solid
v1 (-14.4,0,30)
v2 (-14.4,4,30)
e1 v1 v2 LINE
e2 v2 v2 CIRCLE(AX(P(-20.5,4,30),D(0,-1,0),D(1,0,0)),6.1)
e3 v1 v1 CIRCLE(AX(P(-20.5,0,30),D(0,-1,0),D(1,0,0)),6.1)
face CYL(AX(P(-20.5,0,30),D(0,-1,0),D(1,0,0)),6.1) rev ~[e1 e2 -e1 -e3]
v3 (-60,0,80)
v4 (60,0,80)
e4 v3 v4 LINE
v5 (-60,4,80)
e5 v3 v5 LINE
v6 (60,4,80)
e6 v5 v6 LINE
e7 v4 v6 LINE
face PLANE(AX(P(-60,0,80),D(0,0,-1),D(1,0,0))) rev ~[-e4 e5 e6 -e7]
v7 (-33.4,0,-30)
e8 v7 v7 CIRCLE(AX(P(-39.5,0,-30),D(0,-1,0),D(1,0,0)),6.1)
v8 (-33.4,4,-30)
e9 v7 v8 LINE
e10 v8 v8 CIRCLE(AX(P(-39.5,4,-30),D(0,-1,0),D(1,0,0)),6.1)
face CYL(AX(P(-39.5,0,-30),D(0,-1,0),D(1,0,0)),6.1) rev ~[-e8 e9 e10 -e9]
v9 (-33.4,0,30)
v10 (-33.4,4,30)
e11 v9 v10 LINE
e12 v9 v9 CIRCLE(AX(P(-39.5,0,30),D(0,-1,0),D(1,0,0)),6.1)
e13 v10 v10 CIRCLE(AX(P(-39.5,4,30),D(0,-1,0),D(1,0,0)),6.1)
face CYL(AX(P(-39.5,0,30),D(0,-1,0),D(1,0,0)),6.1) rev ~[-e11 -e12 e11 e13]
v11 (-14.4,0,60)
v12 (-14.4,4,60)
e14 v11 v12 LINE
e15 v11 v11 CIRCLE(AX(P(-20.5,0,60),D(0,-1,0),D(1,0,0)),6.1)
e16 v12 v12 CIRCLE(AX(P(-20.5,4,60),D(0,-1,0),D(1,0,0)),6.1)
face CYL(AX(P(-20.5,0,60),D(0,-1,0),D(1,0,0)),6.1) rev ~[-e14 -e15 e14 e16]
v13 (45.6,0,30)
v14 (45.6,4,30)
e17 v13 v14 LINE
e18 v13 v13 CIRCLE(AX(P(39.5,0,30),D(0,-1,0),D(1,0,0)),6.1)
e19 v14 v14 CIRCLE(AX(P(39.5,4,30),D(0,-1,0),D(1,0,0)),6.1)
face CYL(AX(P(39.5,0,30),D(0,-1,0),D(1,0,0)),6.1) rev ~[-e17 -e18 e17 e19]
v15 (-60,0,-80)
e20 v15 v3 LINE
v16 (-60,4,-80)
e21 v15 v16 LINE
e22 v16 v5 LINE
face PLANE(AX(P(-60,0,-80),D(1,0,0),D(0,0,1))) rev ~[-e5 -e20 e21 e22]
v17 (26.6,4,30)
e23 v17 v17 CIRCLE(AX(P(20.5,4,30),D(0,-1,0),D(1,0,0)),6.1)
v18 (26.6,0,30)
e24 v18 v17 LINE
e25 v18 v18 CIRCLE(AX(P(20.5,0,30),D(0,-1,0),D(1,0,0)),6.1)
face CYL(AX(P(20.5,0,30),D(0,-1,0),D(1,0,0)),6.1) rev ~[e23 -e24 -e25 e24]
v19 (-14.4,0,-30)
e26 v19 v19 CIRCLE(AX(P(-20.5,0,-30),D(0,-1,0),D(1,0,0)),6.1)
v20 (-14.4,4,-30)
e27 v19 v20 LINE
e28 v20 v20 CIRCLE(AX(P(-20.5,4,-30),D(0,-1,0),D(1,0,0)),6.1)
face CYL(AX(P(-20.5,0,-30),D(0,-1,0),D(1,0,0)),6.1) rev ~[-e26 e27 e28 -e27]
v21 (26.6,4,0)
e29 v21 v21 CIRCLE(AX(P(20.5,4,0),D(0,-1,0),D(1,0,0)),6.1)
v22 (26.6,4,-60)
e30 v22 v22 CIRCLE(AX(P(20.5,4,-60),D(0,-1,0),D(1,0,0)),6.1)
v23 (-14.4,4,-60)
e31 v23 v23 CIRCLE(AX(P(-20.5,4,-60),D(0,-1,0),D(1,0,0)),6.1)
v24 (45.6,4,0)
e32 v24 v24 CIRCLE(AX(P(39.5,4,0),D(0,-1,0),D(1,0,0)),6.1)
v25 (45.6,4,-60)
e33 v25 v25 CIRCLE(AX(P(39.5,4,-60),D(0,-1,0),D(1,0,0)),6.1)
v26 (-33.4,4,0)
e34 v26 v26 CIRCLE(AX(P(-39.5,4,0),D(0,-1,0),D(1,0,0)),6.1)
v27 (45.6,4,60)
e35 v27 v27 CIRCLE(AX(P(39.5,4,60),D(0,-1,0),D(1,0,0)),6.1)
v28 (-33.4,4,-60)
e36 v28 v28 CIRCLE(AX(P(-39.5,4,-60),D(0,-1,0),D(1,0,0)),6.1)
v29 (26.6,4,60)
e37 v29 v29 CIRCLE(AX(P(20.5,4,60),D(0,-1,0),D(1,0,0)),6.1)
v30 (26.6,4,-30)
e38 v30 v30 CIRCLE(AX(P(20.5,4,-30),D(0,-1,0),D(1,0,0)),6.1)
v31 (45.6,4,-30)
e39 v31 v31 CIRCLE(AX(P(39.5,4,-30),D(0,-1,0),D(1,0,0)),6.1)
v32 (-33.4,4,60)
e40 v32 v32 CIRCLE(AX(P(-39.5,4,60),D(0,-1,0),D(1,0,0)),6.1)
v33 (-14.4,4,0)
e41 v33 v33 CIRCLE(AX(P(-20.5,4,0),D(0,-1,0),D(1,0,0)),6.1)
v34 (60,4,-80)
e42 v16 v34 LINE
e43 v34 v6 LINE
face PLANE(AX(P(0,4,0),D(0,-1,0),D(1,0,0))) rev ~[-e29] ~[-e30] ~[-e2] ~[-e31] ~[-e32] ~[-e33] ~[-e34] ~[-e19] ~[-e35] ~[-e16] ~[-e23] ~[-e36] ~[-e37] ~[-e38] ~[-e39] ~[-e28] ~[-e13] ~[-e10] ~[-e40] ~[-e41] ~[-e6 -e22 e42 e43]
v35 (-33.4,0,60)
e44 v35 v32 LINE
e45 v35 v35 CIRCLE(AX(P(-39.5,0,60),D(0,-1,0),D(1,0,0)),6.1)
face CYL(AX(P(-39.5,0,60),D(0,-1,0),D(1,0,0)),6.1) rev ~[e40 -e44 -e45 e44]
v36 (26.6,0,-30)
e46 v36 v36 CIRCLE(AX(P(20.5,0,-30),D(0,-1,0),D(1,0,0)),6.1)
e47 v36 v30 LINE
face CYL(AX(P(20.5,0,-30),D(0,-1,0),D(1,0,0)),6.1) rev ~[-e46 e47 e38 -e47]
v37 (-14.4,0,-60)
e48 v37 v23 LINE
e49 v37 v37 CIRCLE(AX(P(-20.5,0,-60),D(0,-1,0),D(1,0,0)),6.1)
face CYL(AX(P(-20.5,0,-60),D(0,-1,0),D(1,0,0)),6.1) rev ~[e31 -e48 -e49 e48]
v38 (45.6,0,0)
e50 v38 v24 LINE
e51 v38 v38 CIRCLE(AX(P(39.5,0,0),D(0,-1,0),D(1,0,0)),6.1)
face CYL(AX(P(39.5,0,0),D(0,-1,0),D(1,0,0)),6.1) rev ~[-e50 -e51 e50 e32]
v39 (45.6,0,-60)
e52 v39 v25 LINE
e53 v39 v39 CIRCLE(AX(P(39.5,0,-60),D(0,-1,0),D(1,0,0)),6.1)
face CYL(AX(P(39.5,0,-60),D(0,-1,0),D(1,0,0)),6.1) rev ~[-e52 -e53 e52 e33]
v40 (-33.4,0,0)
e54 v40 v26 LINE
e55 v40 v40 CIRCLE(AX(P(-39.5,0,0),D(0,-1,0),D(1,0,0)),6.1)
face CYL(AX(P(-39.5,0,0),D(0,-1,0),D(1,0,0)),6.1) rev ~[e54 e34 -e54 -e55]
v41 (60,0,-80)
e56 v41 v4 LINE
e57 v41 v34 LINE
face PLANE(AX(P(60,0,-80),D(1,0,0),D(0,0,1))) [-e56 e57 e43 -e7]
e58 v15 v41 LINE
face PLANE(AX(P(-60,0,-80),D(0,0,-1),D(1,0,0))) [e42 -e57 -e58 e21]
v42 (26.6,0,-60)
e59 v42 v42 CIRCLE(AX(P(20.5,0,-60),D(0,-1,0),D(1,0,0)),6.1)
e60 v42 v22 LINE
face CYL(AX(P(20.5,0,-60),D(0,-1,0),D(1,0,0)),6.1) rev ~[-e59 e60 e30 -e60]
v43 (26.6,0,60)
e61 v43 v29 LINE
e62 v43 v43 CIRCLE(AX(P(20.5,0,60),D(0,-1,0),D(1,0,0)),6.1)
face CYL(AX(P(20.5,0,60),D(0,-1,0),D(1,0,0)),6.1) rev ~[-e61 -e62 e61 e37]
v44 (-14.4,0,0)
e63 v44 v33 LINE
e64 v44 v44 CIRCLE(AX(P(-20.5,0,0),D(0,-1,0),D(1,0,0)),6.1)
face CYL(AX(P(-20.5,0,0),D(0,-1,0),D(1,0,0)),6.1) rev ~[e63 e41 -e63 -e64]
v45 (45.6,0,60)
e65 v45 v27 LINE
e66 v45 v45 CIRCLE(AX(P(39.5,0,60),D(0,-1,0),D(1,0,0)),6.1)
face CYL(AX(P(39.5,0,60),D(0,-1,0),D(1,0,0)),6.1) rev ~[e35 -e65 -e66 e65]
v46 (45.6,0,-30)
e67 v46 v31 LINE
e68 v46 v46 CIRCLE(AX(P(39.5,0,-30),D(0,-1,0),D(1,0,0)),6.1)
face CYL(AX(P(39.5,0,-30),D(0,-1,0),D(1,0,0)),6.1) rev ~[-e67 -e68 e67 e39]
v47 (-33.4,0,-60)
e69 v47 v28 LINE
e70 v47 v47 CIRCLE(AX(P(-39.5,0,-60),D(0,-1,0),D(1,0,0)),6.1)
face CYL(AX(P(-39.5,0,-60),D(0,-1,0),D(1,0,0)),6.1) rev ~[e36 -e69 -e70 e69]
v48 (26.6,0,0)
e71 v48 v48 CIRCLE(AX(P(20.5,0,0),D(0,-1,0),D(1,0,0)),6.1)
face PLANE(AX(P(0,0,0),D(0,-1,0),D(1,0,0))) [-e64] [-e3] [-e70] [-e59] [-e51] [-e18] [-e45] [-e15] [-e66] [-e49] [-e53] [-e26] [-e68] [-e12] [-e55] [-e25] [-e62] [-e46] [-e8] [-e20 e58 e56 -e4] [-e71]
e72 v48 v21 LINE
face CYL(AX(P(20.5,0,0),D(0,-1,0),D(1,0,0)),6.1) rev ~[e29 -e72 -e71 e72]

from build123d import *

# Parameters (mm, degrees)
F0_W     = 120
F0_H     = 160
F0_R     = 6.1
F1_DEPTH = 4


with BuildPart() as f1:
    # F0 (on Front) → F1 (new body)
    with BuildSketch(Plane.XZ):
        Rectangle(F0_W, F0_H)
        with Locations((-39.5, -60)):
            Circle(F0_R, mode=Mode.SUBTRACT)
        with Locations((-20.5, -60)):
            Circle(F0_R, mode=Mode.SUBTRACT)
        with Locations((-39.5, -30)):
            Circle(F0_R, mode=Mode.SUBTRACT)
        with Locations((-20.5, -30)):
            Circle(F0_R, mode=Mode.SUBTRACT)
        with Locations((20.5, -60)):
            Circle(F0_R, mode=Mode.SUBTRACT)
        with Locations((39.5, -60)):
            Circle(F0_R, mode=Mode.SUBTRACT)
        with Locations((20.5, -30)):
            Circle(F0_R, mode=Mode.SUBTRACT)
        with Locations((39.5, -30)):
            Circle(F0_R, mode=Mode.SUBTRACT)
        with Locations((-39.5, 0)):
            Circle(F0_R, mode=Mode.SUBTRACT)
        with Locations((-39.5, 30)):
            Circle(F0_R, mode=Mode.SUBTRACT)
        with Locations((-20.5, 0)):
            Circle(F0_R, mode=Mode.SUBTRACT)
        with Locations((-20.5, 30)):
            Circle(F0_R, mode=Mode.SUBTRACT)
        with Locations((-39.5, 60)):
            Circle(F0_R, mode=Mode.SUBTRACT)
        with Locations((-20.5, 60)):
            Circle(F0_R, mode=Mode.SUBTRACT)
        with Locations((20.5, 0)):
            Circle(F0_R, mode=Mode.SUBTRACT)
        with Locations((20.5, 30)):
            Circle(F0_R, mode=Mode.SUBTRACT)
        with Locations((39.5, 0)):
            Circle(F0_R, mode=Mode.SUBTRACT)
        with Locations((39.5, 30)):
            Circle(F0_R, mode=Mode.SUBTRACT)
        with Locations((20.5, 60)):
            Circle(F0_R, mode=Mode.SUBTRACT)
        with Locations((39.5, 60)):
            Circle(F0_R, mode=Mode.SUBTRACT)
    extrude(amount=-F1_DEPTH)


solid = f1.part
